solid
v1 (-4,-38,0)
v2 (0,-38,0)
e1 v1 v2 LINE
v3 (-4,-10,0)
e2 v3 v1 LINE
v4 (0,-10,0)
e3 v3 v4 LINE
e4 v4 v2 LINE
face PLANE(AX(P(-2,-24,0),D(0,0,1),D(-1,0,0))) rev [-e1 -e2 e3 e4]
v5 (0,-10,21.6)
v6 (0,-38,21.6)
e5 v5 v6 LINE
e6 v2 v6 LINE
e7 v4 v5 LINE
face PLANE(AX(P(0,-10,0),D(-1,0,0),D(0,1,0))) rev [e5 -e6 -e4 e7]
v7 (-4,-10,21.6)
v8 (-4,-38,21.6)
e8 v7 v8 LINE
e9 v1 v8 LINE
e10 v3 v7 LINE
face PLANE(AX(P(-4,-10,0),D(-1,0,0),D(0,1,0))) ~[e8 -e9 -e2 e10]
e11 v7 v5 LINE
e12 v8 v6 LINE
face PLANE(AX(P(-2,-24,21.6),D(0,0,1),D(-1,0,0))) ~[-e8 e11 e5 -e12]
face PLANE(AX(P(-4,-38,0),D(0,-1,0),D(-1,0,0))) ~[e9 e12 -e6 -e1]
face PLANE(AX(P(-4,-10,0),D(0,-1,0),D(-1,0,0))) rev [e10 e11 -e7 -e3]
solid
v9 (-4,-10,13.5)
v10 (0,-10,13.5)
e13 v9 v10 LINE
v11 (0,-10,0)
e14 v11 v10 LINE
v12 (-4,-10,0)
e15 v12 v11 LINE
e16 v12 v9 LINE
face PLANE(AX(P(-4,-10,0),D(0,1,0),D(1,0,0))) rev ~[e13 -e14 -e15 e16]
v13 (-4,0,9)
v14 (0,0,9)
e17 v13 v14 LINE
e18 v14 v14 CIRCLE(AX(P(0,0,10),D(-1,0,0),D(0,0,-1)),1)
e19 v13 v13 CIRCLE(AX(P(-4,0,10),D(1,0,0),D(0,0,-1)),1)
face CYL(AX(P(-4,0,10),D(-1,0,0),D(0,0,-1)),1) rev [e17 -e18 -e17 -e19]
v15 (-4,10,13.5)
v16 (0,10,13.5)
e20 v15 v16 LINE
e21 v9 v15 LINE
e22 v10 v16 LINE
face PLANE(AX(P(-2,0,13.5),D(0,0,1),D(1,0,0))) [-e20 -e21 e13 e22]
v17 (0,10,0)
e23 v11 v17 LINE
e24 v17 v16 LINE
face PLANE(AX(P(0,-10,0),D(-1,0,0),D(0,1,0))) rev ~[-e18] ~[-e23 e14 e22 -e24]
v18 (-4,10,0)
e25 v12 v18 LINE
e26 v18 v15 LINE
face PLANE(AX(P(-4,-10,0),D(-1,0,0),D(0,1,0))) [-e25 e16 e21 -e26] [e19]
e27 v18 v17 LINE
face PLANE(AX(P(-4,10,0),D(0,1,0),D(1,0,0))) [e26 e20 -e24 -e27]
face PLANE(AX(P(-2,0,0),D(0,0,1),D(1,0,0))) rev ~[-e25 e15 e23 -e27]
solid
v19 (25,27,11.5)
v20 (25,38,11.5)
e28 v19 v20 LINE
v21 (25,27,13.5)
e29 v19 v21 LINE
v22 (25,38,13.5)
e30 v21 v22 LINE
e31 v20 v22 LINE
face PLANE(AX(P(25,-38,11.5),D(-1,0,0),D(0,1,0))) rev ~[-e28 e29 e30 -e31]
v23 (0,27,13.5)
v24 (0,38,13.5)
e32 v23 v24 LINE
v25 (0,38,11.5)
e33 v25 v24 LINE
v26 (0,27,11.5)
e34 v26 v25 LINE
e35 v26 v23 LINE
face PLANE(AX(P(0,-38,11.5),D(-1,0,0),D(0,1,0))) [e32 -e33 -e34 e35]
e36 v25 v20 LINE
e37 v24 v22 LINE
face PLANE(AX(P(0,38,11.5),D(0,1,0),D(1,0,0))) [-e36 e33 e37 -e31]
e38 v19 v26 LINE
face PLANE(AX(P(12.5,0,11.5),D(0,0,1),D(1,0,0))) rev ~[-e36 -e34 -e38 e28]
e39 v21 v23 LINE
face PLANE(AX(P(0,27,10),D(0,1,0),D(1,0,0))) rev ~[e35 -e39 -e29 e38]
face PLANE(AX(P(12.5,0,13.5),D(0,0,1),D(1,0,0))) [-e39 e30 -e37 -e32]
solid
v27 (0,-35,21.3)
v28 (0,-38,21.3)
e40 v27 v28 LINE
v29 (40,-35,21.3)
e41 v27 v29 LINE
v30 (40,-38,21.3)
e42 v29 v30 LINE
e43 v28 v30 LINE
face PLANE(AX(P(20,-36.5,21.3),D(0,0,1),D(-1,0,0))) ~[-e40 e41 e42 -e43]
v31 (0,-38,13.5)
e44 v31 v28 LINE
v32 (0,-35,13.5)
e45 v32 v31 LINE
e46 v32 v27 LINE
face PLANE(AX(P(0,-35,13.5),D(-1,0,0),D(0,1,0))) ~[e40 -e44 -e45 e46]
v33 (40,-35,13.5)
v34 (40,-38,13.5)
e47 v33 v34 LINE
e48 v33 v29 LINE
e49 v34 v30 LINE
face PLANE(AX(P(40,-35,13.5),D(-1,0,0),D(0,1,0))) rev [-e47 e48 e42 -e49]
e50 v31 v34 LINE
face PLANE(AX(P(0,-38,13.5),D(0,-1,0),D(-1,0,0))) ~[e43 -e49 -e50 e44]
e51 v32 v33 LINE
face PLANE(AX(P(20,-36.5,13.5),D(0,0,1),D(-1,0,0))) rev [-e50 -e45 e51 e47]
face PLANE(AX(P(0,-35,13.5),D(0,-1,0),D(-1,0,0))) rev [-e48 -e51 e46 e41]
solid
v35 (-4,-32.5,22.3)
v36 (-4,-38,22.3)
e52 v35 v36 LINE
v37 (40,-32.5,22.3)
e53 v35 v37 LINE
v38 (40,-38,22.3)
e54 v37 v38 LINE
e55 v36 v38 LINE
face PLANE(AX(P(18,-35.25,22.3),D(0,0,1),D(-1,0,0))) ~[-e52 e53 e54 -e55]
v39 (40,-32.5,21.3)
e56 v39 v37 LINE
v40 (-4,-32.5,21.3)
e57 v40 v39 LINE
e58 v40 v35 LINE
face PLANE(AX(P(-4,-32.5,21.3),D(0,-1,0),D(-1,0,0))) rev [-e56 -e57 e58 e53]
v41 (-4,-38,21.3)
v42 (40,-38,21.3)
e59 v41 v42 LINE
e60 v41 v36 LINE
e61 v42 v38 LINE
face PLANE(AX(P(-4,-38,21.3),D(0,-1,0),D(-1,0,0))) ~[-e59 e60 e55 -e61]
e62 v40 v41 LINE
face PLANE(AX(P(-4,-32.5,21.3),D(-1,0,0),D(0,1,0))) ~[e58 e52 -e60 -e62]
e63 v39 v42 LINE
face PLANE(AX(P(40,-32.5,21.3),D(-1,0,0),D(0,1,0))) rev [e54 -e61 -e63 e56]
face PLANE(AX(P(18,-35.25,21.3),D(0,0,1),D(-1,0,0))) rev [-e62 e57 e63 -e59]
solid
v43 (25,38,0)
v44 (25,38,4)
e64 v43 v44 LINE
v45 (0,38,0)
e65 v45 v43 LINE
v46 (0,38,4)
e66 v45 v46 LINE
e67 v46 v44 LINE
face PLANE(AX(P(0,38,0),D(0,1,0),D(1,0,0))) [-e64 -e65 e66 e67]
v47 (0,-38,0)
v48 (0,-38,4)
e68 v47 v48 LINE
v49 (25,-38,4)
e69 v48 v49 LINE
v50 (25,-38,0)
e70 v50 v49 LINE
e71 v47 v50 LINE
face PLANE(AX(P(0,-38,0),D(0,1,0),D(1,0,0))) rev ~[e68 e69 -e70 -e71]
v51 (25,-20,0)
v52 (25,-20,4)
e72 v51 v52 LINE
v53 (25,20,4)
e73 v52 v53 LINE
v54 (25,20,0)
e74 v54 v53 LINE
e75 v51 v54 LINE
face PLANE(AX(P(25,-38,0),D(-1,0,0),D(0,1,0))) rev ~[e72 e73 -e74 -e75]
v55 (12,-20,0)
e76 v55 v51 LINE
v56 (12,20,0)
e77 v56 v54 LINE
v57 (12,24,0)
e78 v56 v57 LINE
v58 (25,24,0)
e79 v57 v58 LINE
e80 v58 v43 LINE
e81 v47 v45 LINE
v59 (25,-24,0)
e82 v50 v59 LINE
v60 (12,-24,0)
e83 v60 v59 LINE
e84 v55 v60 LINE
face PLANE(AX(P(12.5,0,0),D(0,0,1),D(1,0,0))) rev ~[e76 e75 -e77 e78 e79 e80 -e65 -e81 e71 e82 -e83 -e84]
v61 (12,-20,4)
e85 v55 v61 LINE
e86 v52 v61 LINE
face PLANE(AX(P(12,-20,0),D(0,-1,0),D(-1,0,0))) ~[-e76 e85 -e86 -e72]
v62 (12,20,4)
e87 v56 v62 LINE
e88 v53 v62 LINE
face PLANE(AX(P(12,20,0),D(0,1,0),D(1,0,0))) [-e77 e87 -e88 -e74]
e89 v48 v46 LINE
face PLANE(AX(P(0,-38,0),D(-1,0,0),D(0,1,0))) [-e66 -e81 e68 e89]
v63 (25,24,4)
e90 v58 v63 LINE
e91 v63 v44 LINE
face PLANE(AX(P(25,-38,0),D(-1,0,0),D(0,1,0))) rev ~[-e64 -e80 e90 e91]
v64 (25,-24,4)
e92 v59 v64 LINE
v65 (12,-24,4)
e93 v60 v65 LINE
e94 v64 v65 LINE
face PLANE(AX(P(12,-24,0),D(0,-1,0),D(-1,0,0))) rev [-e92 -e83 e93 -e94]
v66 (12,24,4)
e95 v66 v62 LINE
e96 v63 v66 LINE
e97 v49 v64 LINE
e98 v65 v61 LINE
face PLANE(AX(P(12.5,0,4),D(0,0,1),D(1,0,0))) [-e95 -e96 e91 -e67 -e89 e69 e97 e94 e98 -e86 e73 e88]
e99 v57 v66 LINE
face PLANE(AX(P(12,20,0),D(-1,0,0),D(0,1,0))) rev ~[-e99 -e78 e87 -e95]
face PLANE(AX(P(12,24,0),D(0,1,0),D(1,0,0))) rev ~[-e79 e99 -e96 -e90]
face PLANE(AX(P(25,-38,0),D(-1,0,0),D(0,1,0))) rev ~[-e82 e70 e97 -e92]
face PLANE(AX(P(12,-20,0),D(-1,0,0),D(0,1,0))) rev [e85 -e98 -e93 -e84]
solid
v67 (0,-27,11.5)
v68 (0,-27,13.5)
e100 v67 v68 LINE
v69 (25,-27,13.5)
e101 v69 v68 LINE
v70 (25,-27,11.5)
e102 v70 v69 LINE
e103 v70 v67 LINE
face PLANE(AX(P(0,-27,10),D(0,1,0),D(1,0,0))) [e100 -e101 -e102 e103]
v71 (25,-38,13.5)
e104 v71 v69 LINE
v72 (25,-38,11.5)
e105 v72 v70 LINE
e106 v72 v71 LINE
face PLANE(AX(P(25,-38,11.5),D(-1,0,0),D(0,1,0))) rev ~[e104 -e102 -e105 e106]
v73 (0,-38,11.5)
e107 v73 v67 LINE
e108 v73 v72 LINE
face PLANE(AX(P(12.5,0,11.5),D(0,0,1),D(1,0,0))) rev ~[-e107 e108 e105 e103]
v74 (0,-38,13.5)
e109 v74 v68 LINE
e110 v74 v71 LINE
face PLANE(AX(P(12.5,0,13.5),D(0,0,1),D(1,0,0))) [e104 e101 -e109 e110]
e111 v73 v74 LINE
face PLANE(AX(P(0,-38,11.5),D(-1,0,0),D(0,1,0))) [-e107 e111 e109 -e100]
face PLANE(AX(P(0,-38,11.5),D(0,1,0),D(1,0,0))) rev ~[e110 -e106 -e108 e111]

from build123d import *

# Parameters (mm, degrees)
BOX001_W       = 13
BOX001_H       = 4
BOX001_DEPTH   = 9
BOX_W          = 25
BOX_H          = 76
BOX_DEPTH      = 4
BOX002_W       = 4
BOX002_H       = 28
BOX002_DEPTH   = 21.6
BOX003_W       = 40
BOX003_H       = 3
BOX003_DEPTH   = 7.8
BOX004_W       = 44
BOX004_H       = 5.5
BOX004_DEPTH   = 1
BOX007_W       = 25
BOX007_H       = 54
BOX007_DEPTH   = 5
BOX005_W       = 25
BOX005_H       = 76
BOX005_DEPTH   = 2
CYLINDER_R     = 1
CYLINDER_DEPTH = 30
BOX006_W       = 4
BOX006_H       = 20
BOX006_DEPTH   = 13.5


with BuildPart() as cube001:
    # Box001 → Box001 (new body)
    with BuildSketch(Plane(origin=(12, 20, 0), x_dir=(1, 0, 0), z_dir=(0, 0, 1))):
        with Locations((6.5, 2)):
            Rectangle(BOX001_W, BOX001_H)
    extrude(amount=BOX001_DEPTH)


with BuildPart() as part_mirroring:
    # Part__Mirroring: instance of Cube001
    add(cube001.part.mirror(Plane(origin=(0, 0, 0), x_dir=(1, 0, 0), z_dir=(0, 1, 0))))


with BuildPart() as cut001:
    # Box → Box (new body)
    with BuildSketch(Plane(origin=(0, -38, 0), x_dir=(1, 0, 0), z_dir=(0, 0, 1))):
        with Locations((12.5, 38)):
            Rectangle(BOX_W, BOX_H)
    extrude(amount=BOX_DEPTH)

    # Cut: cut Cube001
    add(cube001.part, mode=Mode.SUBTRACT)

    # Cut001: cut Part__Mirroring
    add(part_mirroring.part, mode=Mode.SUBTRACT)


with BuildPart() as backplane:
    # Box002 → Box002 (new body)
    with BuildSketch(Plane(origin=(-4, 10, 0), x_dir=(1, 0, 0), z_dir=(0, 0, 1))):
        with Locations((2, 14)):
            Rectangle(BOX002_W, BOX002_H)
    extrude(amount=BOX002_DEPTH)


with BuildPart() as part_mirroring001:
    # Part__Mirroring001: instance of Backplane
    add(backplane.part.mirror(Plane(origin=(0, 0, 0), x_dir=(1, 0, 0), z_dir=(0, 1, 0))))


with BuildPart() as arm:
    # Box003 → Box003 (new body)
    with BuildSketch(Plane(origin=(0, 35, 13.5), x_dir=(1, 0, 0), z_dir=(0, 0, 1))):
        with Locations((20, 1.5)):
            Rectangle(BOX003_W, BOX003_H)
    extrude(amount=BOX003_DEPTH)


with BuildPart() as part_mirroring002:
    # Part__Mirroring002: instance of arm
    add(arm.part.mirror(Plane(origin=(0, 0, 0), x_dir=(1, 0, 0), z_dir=(0, 1, 0))))


with BuildPart() as top:
    # Box004 → Box004 (new body)
    with BuildSketch(Plane(origin=(-4, 32.5, 21.3), x_dir=(1, 0, 0), z_dir=(0, 0, 1))):
        with Locations((22, 2.75)):
            Rectangle(BOX004_W, BOX004_H)
    extrude(amount=BOX004_DEPTH)


with BuildPart() as part_mirroring003:
    # Part__Mirroring003: instance of top
    add(top.part.mirror(Plane(origin=(0, 0, 0), x_dir=(1, 0, 0), z_dir=(0, 1, 0))))


with BuildPart() as cube002:
    # Box007 → Box007 (new body)
    with BuildSketch(Plane(origin=(0, -27, 10), x_dir=(1, 0, 0), z_dir=(0, 0, 1))):
        with Locations((12.5, 27)):
            Rectangle(BOX007_W, BOX007_H)
    extrude(amount=BOX007_DEPTH)


with BuildPart() as cut002:
    # Box005 → Box005 (new body)
    with BuildSketch(Plane(origin=(0, -38, 11.5), x_dir=(1, 0, 0), z_dir=(0, 0, 1))):
        with Locations((12.5, 38)):
            Rectangle(BOX005_W, BOX005_H)
    extrude(amount=BOX005_DEPTH)

    # Cut002: cut Cube002
    add(cube002.part, mode=Mode.SUBTRACT)


with BuildPart() as cylinder:
    # Cylinder → Cylinder (new body)
    with BuildSketch(Plane(origin=(-4, 0, 10), x_dir=(0, 0, -1), z_dir=(1, 0, 0))):
        Circle(CYLINDER_R)
    extrude(amount=CYLINDER_DEPTH)


with BuildPart() as cut003:
    # Box006 → Box006 (new body)
    with BuildSketch(Plane(origin=(-4, -10, 0), x_dir=(1, 0, 0), z_dir=(0, 0, 1))):
        with Locations((2, 10)):
            Rectangle(BOX006_W, BOX006_H)
    extrude(amount=BOX006_DEPTH)

    # Cut003: cut Cylinder
    add(cylinder.part, mode=Mode.SUBTRACT)


solid = Compound([cut001.part, part_mirroring001.part, part_mirroring002.part, part_mirroring003.part, cut002.part, cut003.part])
